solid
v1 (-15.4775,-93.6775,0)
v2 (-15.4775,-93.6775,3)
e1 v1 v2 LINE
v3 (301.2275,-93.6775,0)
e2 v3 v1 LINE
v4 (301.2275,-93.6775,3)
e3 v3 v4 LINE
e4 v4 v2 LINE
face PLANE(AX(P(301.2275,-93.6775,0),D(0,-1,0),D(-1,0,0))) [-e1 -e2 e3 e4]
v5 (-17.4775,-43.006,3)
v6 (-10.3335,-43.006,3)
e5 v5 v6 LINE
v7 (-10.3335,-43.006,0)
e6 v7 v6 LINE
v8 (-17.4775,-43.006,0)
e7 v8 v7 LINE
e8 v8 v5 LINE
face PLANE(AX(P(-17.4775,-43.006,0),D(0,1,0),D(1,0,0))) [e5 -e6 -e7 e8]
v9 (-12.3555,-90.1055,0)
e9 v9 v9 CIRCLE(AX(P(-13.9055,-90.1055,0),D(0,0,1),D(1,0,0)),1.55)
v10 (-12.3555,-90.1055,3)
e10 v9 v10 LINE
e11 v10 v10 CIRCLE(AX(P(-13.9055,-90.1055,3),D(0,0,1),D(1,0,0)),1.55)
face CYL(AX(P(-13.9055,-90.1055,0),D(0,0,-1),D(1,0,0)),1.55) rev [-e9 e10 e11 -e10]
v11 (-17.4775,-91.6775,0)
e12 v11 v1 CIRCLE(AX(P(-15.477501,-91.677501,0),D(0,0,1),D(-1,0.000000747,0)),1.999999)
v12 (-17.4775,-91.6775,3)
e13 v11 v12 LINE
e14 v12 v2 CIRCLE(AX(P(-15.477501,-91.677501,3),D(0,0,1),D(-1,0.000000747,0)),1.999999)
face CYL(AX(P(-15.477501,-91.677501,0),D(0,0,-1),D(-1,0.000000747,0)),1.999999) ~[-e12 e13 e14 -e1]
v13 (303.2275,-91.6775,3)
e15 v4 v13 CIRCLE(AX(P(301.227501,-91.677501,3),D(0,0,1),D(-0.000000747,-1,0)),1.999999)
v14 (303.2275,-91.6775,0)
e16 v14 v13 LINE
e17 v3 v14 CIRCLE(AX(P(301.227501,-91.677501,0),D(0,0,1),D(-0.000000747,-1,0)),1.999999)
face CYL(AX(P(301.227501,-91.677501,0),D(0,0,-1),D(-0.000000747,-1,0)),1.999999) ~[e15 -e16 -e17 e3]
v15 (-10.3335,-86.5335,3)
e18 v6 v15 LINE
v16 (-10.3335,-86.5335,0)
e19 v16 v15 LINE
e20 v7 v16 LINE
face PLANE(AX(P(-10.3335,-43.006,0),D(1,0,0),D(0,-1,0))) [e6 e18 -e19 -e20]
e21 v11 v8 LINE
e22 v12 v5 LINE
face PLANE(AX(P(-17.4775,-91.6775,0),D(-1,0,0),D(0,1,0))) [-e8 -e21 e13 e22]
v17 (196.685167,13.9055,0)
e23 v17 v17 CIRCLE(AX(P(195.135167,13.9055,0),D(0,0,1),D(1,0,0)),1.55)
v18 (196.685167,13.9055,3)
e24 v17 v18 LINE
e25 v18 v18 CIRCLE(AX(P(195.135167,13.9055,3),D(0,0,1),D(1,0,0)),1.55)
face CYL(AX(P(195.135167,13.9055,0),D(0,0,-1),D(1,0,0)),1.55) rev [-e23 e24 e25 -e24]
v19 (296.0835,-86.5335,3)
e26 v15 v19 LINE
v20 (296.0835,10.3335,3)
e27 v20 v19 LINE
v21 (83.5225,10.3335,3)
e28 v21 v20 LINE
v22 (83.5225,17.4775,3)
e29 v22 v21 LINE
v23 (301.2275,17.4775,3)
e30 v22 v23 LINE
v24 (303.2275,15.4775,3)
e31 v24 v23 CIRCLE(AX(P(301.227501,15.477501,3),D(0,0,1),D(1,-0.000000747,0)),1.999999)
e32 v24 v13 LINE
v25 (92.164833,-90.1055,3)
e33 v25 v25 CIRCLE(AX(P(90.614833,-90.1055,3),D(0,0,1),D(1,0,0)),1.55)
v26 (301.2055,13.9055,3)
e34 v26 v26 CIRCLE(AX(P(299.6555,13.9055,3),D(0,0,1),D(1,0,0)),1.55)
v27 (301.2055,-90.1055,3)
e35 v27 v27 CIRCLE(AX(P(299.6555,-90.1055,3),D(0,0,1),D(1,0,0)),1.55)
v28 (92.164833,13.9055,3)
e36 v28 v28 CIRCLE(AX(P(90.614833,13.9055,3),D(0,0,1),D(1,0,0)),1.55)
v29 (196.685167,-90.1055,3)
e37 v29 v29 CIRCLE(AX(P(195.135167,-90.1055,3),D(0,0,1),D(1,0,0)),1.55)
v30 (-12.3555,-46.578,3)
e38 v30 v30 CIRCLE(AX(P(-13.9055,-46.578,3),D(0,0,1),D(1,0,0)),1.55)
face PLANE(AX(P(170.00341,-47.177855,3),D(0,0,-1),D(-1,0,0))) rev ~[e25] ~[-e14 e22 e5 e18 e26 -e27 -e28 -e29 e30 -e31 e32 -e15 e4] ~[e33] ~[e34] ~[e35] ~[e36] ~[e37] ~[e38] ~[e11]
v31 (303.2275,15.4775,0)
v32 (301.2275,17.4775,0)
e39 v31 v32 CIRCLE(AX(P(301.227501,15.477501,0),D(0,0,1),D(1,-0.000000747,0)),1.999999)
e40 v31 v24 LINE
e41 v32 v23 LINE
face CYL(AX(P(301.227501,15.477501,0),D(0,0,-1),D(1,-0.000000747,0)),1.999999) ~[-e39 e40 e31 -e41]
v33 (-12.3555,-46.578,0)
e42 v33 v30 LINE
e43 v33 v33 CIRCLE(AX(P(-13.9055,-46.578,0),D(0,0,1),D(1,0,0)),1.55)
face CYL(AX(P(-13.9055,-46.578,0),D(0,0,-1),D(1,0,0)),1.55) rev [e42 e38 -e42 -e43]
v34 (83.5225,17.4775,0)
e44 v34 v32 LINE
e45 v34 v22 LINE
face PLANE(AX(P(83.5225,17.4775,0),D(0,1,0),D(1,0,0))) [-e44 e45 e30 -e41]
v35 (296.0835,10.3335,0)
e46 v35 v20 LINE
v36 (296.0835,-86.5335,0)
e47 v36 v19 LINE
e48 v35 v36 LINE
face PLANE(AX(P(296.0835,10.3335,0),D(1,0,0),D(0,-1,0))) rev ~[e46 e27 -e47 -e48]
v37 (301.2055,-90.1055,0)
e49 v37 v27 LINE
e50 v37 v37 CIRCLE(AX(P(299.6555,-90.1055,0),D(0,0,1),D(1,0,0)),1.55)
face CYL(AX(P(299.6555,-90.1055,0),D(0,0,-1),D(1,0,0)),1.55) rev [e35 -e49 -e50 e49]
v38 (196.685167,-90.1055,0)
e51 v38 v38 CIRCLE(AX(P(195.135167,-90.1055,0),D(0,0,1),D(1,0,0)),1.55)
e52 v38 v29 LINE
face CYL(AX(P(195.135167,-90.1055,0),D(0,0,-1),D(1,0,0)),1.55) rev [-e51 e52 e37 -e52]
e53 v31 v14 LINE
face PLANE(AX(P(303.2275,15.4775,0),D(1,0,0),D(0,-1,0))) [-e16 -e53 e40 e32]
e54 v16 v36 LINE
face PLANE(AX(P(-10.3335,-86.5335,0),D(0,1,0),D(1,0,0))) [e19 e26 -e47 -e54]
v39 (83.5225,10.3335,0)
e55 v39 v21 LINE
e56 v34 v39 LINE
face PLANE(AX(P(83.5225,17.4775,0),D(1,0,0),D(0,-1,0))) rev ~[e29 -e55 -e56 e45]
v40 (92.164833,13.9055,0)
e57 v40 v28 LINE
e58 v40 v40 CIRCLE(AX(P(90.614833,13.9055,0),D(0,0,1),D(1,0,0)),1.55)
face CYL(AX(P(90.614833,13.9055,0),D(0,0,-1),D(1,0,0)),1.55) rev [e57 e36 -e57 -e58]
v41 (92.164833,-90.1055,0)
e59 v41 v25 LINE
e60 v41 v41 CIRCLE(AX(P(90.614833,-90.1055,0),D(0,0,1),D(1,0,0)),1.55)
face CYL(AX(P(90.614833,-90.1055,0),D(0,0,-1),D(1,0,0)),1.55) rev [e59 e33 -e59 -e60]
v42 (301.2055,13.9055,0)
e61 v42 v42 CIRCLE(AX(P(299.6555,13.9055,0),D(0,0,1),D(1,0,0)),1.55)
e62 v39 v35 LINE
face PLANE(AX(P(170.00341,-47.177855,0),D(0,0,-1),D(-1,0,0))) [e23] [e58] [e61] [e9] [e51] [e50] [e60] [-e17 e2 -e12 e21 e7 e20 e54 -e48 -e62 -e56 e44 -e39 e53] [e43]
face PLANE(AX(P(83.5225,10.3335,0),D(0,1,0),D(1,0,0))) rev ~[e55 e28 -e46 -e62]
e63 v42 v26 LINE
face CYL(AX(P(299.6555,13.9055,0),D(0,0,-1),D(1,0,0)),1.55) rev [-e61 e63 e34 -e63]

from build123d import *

# Parameters (mm, degrees)
SKETCH_R  = 1.55
PAD_DEPTH = 3


with BuildPart() as part:
    # Sketch → Pad (new body)
    with BuildSketch(Plane.XY):
        with BuildLine():
            Line((83.5225, 17.4775), (301.2275, 17.4775))
            ThreePointArc((303.2275, 15.4775), (302.641714, 16.891714), (301.2275, 17.4775))
            Line((303.2275, 15.4775), (303.2275, -91.6775))
            ThreePointArc((301.2275, -93.6775), (302.641714, -93.091714), (303.2275, -91.6775))
            Line((301.2275, -93.6775), (-15.4775, -93.6775))
            ThreePointArc((-17.4775, -91.6775), (-16.891714, -93.091714), (-15.4775, -93.6775))
            Line((-17.4775, -91.6775), (-17.4775, -43.006))
            Line((-17.4775, -43.006), (-10.3335, -43.006))
            Line((-10.3335, -43.006), (-10.3335, -86.5335))
            Line((-10.3335, -86.5335), (296.0835, -86.5335))
            Line((296.0835, 10.3335), (296.0835, -86.5335))
            Line((83.5225, 10.3335), (296.0835, 10.3335))
            Line((83.5225, 17.4775), (83.5225, 10.3335))
        make_face()
        with Locations((-13.9055, -90.1055)):
            Circle(SKETCH_R, mode=Mode.SUBTRACT)
        with Locations((195.135167, -90.1055)):
            Circle(SKETCH_R, mode=Mode.SUBTRACT)
        with Locations((299.6555, -90.1055)):
            Circle(SKETCH_R, mode=Mode.SUBTRACT)
        with Locations((90.614833, -90.1055)):
            Circle(SKETCH_R, mode=Mode.SUBTRACT)
        with Locations((90.614833, 13.9055)):
            Circle(SKETCH_R, mode=Mode.SUBTRACT)
        with Locations((195.135167, 13.9055)):
            Circle(SKETCH_R, mode=Mode.SUBTRACT)
        with Locations((299.6555, 13.9055)):
            Circle(SKETCH_R, mode=Mode.SUBTRACT)
        with Locations((-13.9055, -46.578)):
            Circle(SKETCH_R, mode=Mode.SUBTRACT)
    extrude(amount=PAD_DEPTH)


solid = part.part
